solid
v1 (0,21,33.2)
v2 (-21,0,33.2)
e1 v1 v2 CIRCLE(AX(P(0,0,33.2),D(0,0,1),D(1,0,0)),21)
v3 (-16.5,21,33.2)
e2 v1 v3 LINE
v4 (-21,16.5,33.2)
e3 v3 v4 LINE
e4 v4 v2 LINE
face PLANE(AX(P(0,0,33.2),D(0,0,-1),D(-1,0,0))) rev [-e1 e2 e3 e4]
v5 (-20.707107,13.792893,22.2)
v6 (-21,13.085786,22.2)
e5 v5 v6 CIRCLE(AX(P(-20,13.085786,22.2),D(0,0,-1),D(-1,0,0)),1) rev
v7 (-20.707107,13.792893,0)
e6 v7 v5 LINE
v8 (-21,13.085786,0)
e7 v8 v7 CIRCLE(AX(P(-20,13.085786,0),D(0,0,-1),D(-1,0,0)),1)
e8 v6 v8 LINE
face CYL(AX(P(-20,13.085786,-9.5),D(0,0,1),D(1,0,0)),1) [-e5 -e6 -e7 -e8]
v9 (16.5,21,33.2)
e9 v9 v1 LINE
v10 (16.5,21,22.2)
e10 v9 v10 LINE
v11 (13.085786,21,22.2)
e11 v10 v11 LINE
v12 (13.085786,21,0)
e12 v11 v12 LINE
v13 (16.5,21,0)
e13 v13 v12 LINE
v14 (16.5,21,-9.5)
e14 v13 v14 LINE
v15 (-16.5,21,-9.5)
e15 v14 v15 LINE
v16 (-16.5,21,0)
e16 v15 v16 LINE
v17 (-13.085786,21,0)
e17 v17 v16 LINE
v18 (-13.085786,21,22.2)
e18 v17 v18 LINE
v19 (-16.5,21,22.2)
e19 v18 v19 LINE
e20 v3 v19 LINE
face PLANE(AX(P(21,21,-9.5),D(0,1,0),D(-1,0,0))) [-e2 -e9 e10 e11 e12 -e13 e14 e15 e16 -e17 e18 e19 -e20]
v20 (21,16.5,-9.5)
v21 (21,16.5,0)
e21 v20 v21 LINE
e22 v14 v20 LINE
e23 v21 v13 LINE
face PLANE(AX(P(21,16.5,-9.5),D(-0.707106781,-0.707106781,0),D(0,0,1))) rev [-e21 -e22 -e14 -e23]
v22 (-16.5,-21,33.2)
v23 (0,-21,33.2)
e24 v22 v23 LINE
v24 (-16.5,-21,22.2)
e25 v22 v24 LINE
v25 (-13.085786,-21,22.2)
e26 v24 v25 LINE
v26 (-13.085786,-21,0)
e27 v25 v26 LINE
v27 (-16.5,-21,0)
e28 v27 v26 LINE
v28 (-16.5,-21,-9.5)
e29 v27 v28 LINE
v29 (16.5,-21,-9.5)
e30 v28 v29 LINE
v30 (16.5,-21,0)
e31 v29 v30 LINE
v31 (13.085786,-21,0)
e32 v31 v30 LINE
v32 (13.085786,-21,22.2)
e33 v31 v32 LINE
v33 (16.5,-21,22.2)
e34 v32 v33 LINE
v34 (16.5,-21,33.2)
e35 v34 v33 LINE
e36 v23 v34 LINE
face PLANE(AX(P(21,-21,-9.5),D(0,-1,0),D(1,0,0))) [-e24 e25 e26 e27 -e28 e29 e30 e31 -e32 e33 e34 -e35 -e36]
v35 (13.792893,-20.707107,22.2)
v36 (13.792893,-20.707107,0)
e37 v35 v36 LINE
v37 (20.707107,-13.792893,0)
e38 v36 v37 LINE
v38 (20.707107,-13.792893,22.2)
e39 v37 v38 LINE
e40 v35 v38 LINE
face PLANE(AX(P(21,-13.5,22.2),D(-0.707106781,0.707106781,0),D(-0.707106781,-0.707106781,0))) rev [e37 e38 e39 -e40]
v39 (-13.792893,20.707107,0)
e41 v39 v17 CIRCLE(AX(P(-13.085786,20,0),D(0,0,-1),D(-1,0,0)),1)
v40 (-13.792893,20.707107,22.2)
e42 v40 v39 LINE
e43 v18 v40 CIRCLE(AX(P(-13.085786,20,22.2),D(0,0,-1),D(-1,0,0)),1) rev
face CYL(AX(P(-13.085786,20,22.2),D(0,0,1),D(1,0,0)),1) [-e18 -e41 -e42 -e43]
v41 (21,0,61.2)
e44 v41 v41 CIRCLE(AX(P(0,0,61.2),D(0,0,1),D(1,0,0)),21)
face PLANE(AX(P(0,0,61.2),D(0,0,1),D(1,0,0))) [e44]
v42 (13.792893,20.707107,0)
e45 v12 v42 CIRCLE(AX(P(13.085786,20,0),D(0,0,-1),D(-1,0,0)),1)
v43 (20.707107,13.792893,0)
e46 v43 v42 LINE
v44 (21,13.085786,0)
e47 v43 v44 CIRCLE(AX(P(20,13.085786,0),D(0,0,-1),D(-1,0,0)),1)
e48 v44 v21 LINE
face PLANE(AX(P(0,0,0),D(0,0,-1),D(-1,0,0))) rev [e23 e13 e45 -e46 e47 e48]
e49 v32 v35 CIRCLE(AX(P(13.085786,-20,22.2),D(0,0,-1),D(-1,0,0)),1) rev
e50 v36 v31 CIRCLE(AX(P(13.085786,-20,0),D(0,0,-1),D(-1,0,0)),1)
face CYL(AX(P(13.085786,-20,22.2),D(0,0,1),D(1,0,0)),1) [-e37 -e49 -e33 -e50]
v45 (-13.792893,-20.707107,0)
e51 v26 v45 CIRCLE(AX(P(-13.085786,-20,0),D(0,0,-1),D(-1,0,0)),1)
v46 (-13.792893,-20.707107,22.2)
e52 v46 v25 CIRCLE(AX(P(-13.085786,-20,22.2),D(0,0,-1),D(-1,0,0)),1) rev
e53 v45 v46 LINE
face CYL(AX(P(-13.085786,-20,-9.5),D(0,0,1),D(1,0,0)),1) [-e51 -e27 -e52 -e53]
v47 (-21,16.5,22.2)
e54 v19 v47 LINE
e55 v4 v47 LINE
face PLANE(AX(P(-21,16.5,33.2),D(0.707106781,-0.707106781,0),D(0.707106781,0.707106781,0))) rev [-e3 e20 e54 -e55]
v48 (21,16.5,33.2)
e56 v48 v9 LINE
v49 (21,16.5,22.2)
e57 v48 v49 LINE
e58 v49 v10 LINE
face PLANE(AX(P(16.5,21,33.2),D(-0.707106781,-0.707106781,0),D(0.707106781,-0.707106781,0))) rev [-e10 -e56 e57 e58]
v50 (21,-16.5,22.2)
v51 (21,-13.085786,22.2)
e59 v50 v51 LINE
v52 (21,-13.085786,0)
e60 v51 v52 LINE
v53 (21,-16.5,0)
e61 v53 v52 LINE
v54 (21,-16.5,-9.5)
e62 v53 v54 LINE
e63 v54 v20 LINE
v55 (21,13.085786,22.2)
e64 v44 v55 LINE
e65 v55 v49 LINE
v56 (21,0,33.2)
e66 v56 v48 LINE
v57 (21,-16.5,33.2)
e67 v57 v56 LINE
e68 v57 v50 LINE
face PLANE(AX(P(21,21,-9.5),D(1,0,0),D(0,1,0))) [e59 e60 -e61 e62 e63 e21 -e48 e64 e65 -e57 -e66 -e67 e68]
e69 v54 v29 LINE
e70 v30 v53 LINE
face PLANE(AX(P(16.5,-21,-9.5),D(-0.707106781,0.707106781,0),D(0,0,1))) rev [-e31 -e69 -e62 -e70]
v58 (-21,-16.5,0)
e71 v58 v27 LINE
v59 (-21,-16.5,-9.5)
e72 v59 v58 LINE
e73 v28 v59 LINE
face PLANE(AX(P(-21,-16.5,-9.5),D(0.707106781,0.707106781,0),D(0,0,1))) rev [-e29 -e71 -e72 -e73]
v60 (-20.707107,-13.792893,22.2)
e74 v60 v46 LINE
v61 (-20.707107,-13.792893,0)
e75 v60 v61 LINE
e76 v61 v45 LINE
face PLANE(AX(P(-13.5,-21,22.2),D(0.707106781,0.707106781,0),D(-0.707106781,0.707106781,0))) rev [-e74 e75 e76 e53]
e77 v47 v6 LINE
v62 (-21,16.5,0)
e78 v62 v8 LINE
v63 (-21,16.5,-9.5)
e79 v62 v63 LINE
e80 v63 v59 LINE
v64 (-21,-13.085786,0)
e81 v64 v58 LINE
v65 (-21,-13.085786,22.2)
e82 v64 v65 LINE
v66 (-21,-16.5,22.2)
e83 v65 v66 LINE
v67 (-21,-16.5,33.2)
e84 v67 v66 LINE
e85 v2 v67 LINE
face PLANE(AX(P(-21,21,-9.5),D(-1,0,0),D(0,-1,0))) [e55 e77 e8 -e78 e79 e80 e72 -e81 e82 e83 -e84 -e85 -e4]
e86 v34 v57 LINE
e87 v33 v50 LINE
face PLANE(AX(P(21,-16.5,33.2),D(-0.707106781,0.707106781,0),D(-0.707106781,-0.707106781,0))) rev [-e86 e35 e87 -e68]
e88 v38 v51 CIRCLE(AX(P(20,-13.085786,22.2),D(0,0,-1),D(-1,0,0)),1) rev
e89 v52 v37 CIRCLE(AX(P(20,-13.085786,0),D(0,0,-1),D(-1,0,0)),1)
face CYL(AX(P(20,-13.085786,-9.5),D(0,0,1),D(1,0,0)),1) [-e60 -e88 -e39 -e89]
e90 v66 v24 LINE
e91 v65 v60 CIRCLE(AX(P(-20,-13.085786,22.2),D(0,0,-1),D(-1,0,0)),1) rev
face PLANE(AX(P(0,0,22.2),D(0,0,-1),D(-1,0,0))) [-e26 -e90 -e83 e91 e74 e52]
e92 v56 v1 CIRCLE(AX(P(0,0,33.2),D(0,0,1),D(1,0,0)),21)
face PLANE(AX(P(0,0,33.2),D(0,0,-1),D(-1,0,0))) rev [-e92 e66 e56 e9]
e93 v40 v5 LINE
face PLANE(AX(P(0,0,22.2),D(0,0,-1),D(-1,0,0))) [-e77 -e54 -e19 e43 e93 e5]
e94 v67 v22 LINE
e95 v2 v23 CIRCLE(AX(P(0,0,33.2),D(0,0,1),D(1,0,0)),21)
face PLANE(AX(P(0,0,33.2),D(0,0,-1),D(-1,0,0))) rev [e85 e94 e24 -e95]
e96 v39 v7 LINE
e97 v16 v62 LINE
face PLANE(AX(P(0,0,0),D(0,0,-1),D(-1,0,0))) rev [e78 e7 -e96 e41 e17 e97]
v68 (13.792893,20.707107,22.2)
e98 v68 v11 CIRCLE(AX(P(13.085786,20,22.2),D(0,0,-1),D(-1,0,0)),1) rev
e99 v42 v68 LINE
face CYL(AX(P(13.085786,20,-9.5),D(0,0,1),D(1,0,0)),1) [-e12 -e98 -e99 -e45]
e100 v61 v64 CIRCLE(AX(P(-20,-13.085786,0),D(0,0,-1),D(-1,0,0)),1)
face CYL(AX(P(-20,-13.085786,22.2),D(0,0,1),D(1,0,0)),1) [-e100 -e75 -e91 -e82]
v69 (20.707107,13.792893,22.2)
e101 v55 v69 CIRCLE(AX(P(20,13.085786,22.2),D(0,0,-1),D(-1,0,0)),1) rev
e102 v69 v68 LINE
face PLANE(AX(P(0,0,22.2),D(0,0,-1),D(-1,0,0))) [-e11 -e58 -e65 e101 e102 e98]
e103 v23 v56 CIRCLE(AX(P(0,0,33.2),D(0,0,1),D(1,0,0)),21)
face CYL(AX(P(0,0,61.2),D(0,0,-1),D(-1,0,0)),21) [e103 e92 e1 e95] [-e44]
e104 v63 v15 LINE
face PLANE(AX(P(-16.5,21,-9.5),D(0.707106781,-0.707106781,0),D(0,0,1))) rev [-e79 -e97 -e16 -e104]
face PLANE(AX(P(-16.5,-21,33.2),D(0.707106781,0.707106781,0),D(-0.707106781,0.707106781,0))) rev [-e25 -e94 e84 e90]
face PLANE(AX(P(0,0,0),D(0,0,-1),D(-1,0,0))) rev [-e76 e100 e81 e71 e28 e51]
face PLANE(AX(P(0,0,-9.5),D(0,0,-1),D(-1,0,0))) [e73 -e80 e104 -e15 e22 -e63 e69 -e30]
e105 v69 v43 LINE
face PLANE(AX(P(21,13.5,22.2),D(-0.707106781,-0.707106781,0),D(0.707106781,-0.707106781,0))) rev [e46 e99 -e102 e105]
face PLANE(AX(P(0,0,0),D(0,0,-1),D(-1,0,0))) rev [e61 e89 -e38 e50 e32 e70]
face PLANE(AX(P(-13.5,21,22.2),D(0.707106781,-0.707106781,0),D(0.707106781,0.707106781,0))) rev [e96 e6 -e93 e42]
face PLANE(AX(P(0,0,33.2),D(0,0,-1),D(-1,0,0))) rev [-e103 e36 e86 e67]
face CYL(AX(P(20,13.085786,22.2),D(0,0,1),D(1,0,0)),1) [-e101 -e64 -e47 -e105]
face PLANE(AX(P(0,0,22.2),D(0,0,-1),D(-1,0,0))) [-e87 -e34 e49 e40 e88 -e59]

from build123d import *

# Parameters (mm, degrees)
SKETCH1_W           = 42
SKETCH1_H           = 42
BOSS_EXTRUDE1_DEPTH = 9.5
CHAMFER1_SIZE       = 4.5
BOSS_EXTRUDE2_DEPTH = 22.2
FILLET1_R           = 1
BOSS_EXTRUDE3_DEPTH = 11
SKETCH5_R           = 21
BOSS_EXTRUDE4_DEPTH = 28


with BuildPart() as part:
    # Sketch1 → Boss-Extrude1 (new body)
    with BuildSketch(Plane.XY):
        Rectangle(SKETCH1_W, SKETCH1_H)
    extrude(amount=-BOSS_EXTRUDE1_DEPTH)

    # Chamfer1
    chamfer1_edges = [part.edges().sort_by_distance(p)[0] for p in [
        (21, -21, -4.75),
        (-21, -21, -4.75),
        (-21, 21, -4.75),
        (21, 21, -4.75),
    ]]
    chamfer(chamfer1_edges, length=CHAMFER1_SIZE)

    # Sketch3 → Boss-Extrude2 (add)
    with BuildSketch(Plane.XY):
        Polygon((13.5, 21), (-13.5, 21), (-21, 13.5), (-21, -13.5), (-13.5, -21), (13.5, -21), (21, -13.5), (21, 13.5), align=None)
    extrude(amount=BOSS_EXTRUDE2_DEPTH)

    # Fillet1
    fillet1_edges = [part.edges().sort_by_distance(p)[0] for p in [
        (-13.5, 21, 11.1),
        (-21, 13.5, 11.1),
        (-21, -13.5, 11.1),
        (-13.5, -21, 11.1),
        (13.5, -21, 11.1),
        (21, -13.5, 11.1),
        (21, 13.5, 11.1),
        (13.5, 21, 11.1),
    ]]
    fillet(fillet1_edges, radius=FILLET1_R)

    # Sketch4 → Boss-Extrude3 (add)
    with BuildSketch(Plane.XY.offset(22.2)):
        Polygon((-21, 16.5), (-16.5, 21), (16.5, 21), (21, 16.5), (21, -16.5), (16.5, -21), (-16.5, -21), (-21, -16.5), align=None)
    extrude(amount=BOSS_EXTRUDE3_DEPTH)

    # Sketch5 → Boss-Extrude4 (add)
    with BuildSketch(Plane.XY.offset(33.2)):
        Circle(SKETCH5_R)
    extrude(amount=BOSS_EXTRUDE4_DEPTH)


solid = part.part
